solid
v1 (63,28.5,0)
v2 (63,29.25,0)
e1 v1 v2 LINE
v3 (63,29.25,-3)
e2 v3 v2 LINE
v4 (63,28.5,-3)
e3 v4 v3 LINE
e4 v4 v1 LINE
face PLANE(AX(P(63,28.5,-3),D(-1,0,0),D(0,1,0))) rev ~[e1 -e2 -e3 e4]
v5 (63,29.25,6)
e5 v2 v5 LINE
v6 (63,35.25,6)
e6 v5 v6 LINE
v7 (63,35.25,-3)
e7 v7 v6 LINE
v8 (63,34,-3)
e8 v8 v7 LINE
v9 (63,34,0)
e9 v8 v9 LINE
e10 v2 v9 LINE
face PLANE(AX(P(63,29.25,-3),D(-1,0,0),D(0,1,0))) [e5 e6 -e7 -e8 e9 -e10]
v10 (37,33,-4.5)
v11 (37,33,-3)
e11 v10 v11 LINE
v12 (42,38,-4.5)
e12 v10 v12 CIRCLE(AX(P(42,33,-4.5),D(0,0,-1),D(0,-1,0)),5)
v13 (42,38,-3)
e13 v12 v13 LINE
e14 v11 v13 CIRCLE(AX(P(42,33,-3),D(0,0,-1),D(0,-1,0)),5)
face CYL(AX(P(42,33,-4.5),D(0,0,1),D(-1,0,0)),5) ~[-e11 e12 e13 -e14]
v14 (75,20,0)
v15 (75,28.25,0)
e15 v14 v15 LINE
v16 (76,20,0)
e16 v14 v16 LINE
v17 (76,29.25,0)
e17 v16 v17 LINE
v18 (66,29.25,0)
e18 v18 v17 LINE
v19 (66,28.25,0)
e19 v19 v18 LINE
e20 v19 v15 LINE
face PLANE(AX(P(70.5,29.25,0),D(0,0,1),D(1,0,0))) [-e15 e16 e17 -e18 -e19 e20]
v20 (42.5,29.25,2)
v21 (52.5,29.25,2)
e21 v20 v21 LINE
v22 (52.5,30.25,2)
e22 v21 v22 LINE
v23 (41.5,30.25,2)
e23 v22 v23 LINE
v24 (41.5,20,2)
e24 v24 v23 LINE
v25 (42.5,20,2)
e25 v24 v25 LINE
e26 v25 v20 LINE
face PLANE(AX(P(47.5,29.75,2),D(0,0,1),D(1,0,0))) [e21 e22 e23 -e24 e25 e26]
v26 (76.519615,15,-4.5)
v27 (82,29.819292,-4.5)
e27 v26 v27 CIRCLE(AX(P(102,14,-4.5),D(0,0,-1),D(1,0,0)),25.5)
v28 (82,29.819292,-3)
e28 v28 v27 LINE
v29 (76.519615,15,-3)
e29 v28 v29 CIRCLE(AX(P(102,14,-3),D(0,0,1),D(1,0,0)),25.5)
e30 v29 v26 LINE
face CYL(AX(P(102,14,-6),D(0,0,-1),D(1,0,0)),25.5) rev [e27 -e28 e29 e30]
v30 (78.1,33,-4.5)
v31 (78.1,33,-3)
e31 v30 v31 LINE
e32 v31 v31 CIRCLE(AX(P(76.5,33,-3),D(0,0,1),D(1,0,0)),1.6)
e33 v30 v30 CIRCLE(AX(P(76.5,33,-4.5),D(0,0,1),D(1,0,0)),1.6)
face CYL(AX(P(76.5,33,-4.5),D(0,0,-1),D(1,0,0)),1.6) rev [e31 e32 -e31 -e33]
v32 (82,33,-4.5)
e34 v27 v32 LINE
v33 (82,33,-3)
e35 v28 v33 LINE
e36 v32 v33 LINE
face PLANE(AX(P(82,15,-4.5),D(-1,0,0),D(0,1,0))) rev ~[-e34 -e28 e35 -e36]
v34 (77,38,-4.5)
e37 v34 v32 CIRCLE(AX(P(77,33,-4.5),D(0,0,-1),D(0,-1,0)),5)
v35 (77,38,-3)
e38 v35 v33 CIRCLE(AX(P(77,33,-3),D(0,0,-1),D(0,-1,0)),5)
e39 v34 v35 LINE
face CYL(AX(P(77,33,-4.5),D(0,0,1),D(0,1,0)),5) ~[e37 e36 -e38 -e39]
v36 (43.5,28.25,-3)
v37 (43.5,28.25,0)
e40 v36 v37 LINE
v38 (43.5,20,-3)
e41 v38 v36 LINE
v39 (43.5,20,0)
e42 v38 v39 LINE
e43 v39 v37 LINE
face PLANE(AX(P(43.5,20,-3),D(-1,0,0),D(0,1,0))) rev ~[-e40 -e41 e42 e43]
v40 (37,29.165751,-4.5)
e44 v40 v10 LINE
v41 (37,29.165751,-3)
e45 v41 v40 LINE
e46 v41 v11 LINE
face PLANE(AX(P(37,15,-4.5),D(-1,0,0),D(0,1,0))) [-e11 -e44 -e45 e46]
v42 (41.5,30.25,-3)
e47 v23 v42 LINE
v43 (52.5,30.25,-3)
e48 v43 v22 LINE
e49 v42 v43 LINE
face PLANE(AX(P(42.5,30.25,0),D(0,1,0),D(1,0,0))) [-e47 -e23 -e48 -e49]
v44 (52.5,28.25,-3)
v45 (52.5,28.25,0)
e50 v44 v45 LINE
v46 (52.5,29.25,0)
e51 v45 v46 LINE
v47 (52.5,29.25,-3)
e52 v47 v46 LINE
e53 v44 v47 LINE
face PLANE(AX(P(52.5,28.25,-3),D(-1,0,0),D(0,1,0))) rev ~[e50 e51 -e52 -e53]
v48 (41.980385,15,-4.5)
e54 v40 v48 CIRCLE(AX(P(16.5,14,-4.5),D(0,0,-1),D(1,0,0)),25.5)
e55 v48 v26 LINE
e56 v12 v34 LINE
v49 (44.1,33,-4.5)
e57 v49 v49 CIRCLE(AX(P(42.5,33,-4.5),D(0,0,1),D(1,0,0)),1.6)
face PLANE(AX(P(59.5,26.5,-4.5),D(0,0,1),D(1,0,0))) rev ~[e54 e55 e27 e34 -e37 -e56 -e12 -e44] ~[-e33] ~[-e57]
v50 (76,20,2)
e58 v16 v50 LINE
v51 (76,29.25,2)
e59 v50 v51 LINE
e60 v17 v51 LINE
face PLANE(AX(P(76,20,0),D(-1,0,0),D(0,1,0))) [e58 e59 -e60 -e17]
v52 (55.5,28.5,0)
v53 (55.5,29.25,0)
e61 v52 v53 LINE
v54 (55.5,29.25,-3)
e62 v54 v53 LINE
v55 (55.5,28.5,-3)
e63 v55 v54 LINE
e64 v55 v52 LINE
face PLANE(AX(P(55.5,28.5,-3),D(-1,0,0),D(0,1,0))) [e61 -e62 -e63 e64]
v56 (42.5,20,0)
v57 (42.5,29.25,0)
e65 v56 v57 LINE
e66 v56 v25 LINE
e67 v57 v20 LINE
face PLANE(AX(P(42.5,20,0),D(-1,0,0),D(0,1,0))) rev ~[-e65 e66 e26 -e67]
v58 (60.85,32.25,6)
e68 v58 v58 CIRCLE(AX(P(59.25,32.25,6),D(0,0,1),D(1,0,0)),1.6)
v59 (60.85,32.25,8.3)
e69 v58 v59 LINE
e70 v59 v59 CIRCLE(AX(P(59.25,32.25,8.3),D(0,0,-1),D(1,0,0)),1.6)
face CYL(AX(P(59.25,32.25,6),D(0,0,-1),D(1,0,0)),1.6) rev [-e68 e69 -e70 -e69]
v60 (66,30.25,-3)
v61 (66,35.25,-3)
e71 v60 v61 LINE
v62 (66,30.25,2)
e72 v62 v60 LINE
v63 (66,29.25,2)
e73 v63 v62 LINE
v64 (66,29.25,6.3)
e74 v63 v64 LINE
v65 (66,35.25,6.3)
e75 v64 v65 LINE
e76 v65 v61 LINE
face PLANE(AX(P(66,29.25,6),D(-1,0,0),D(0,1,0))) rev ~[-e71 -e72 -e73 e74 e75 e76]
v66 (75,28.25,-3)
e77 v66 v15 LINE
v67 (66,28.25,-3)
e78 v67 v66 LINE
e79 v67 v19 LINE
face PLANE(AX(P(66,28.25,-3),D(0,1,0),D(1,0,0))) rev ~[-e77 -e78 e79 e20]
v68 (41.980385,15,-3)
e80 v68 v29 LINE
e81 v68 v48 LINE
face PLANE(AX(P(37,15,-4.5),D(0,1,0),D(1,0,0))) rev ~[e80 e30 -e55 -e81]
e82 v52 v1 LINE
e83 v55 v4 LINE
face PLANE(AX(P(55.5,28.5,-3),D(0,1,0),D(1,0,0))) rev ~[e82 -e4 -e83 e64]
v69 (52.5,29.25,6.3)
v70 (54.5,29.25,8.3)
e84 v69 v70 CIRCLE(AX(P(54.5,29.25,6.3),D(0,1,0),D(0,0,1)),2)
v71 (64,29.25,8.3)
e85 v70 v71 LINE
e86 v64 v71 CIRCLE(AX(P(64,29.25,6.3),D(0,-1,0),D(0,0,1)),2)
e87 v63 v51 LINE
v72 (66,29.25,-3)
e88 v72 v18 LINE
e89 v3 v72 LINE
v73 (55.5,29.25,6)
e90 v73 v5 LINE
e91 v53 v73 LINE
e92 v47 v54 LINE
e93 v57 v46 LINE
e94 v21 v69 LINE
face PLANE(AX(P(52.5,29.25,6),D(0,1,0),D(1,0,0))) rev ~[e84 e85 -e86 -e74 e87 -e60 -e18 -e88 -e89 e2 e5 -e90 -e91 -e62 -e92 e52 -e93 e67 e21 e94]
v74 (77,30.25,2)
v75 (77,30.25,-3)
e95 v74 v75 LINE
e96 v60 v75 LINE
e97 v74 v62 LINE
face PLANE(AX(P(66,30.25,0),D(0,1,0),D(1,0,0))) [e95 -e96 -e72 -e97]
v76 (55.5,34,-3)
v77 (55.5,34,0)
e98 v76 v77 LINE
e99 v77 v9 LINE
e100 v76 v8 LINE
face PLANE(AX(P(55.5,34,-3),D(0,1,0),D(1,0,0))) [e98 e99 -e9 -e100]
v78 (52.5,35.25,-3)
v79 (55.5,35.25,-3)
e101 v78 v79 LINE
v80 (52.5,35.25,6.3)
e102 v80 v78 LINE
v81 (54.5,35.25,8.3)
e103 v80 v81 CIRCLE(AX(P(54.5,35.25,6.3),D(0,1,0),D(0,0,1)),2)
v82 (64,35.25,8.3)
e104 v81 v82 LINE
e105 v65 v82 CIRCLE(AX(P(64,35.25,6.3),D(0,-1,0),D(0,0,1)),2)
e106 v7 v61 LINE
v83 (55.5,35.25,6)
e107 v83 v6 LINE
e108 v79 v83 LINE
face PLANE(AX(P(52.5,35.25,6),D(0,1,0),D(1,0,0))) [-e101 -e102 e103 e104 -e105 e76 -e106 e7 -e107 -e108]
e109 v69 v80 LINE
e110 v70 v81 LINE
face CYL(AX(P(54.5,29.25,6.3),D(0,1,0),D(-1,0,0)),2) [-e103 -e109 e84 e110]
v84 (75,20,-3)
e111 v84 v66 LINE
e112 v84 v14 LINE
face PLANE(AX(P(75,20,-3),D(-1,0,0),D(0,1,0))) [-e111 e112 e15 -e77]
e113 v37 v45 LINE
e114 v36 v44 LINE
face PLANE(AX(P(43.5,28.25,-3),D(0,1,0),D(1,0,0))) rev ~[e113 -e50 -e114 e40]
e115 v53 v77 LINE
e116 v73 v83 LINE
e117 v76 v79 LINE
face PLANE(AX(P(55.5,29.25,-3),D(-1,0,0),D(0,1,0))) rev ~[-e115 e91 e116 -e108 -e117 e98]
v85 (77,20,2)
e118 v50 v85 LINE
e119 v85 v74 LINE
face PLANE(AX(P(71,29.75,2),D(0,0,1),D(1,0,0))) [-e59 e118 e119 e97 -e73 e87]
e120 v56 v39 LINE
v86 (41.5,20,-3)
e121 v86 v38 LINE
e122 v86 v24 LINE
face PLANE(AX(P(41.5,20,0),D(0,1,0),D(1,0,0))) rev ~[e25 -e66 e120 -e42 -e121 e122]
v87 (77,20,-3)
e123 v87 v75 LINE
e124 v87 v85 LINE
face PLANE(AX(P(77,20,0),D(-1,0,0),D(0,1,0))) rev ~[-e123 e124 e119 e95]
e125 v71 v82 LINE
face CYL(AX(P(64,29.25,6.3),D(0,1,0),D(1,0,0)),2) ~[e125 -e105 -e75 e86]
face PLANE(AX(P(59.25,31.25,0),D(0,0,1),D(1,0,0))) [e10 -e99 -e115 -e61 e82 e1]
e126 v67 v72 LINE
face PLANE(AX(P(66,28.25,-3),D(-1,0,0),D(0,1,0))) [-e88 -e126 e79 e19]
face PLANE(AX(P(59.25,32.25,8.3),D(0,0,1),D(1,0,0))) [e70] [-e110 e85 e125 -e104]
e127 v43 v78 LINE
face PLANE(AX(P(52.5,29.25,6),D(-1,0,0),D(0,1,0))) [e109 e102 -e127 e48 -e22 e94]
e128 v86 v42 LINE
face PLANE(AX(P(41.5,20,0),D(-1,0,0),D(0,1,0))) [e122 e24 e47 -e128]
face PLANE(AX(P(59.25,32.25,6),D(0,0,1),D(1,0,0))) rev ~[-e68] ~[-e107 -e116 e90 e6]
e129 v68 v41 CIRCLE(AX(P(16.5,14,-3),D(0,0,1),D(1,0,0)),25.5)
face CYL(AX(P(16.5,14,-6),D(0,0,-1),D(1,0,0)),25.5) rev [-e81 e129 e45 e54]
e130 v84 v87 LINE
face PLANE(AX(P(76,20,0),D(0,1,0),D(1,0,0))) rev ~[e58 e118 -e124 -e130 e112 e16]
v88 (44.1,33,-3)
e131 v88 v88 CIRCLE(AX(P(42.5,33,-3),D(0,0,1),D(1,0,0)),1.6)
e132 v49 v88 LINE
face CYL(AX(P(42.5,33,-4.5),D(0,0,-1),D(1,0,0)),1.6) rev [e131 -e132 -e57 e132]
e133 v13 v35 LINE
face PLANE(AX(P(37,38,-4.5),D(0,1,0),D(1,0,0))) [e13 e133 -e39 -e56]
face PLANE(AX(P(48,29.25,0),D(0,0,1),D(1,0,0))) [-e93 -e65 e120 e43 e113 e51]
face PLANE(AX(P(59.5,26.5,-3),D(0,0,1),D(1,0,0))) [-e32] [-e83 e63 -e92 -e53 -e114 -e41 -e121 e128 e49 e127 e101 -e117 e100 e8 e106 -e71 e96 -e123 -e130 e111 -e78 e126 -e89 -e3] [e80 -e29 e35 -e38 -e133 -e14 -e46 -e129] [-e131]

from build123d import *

# Parameters (mm, degrees)
BOX148_W          = 3
BOX148_H          = 6
BOX148_DEPTH      = 9
BOX149_W          = 3
BOX149_H          = 6
BOX149_DEPTH      = 9
BOX151_W          = 2
BOX151_H          = 10.25
BOX151_DEPTH      = 3
BOX152_W          = 2
BOX152_H          = 10.25
BOX152_DEPTH      = 3
BOX153_W          = 1
BOX153_H          = 10.25
BOX153_DEPTH      = 2
BOX154_W          = 1
BOX154_H          = 10.25
BOX154_DEPTH      = 2
BOX155_W          = 7.5
BOX155_H          = 5.5
BOX155_DEPTH      = 3
BOX156_W          = 9
BOX156_H          = 2
BOX156_DEPTH      = 3
BOX157_W          = 9
BOX157_H          = 2
BOX157_DEPTH      = 3
BOX158_W          = 10
BOX158_H          = 1
BOX158_DEPTH      = 2
BOX159_W          = 10
BOX159_H          = 1
BOX159_DEPTH      = 2
CYLINDER066_R     = 1.6
CYLINDER066_DEPTH = 3
BOX150_W          = 13.5
BOX150_H          = 6
BOX150_DEPTH      = 2.3
FILLET035_R       = 2
CYLINDER065_R     = 1.6
CYLINDER065_DEPTH = 1.5
CYLINDER064_R     = 1.6
CYLINDER064_DEPTH = 1.5
CYLINDER063_R     = 25.5
CYLINDER063_DEPTH = 3
CYLINDER062_R     = 25.5
CYLINDER062_DEPTH = 3
BOX147_W          = 45
BOX147_H          = 23
BOX147_DEPTH      = 1.5
FILLET034_R       = 5


with BuildPart() as cube137:
    # Box148 → Box148 (new body)
    with BuildSketch(Plane(origin=(52.5, 29.25, -3), x_dir=(1, 0, 0), z_dir=(0, 0, 1))):
        with Locations((1.5, 3)):
            Rectangle(BOX148_W, BOX148_H)
    extrude(amount=BOX148_DEPTH)


with BuildPart() as cube138:
    # Box149 → Box149 (new body)
    with BuildSketch(Plane(origin=(63, 29.25, -3), x_dir=(1, 0, 0), z_dir=(0, 0, 1))):
        with Locations((1.5, 3)):
            Rectangle(BOX149_W, BOX149_H)
    extrude(amount=BOX149_DEPTH)


with BuildPart() as cube140:
    # Box151 → Box151 (new body)
    with BuildSketch(Plane(origin=(41.5, 20, -3), x_dir=(1, 0, 0), z_dir=(0, 0, 1))):
        with Locations((1, 5.125)):
            Rectangle(BOX151_W, BOX151_H)
    extrude(amount=BOX151_DEPTH)


with BuildPart() as cube141:
    # Box152 → Box152 (new body)
    with BuildSketch(Plane(origin=(75, 20, -3), x_dir=(1, 0, 0), z_dir=(0, 0, 1))):
        with Locations((1, 5.125)):
            Rectangle(BOX152_W, BOX152_H)
    extrude(amount=BOX152_DEPTH)


with BuildPart() as cube142:
    # Box153 → Box153 (new body)
    with BuildSketch(Plane(origin=(41.5, 20, 0), x_dir=(1, 0, 0), z_dir=(0, 0, 1))):
        with Locations((0.5, 5.125)):
            Rectangle(BOX153_W, BOX153_H)
    extrude(amount=BOX153_DEPTH)


with BuildPart() as cube143:
    # Box154 → Box154 (new body)
    with BuildSketch(Plane(origin=(76, 20, 0), x_dir=(1, 0, 0), z_dir=(0, 0, 1))):
        with Locations((0.5, 5.125)):
            Rectangle(BOX154_W, BOX154_H)
    extrude(amount=BOX154_DEPTH)


with BuildPart() as cube144:
    # Box155 → Box155 (new body)
    with BuildSketch(Plane(origin=(55.5, 28.5, -3), x_dir=(1, 0, 0), z_dir=(0, 0, 1))):
        with Locations((3.75, 2.75)):
            Rectangle(BOX155_W, BOX155_H)
    extrude(amount=BOX155_DEPTH)


with BuildPart() as cube145:
    # Box156 → Box156 (new body)
    with BuildSketch(Plane(origin=(43.5, 28.25, -3), x_dir=(1, 0, 0), z_dir=(0, 0, 1))):
        with Locations((4.5, 1)):
            Rectangle(BOX156_W, BOX156_H)
    extrude(amount=BOX156_DEPTH)


with BuildPart() as cube146:
    # Box157 → Box157 (new body)
    with BuildSketch(Plane(origin=(66, 28.25, -3), x_dir=(1, 0, 0), z_dir=(0, 0, 1))):
        with Locations((4.5, 1)):
            Rectangle(BOX157_W, BOX157_H)
    extrude(amount=BOX157_DEPTH)


with BuildPart() as cube147:
    # Box158 → Box158 (new body)
    with BuildSketch(Plane(origin=(66, 29.25, 0), x_dir=(1, 0, 0), z_dir=(0, 0, 1))):
        with Locations((5, 0.5)):
            Rectangle(BOX158_W, BOX158_H)
    extrude(amount=BOX158_DEPTH)


with BuildPart() as cube148:
    # Box159 → Box159 (new body)
    with BuildSketch(Plane(origin=(42.5, 29.25, 0), x_dir=(1, 0, 0), z_dir=(0, 0, 1))):
        with Locations((5, 0.5)):
            Rectangle(BOX159_W, BOX159_H)
    extrude(amount=BOX159_DEPTH)


with BuildPart() as cylinder147:
    # Cylinder066 → Cylinder066 (new body)
    with BuildSketch(Plane(origin=(59.25, 32.25, 6), x_dir=(1, 0, 0), z_dir=(0, 0, 1))):
        Circle(CYLINDER066_R)
    extrude(amount=CYLINDER066_DEPTH)


with BuildPart() as cut090:
    # Box150 → Box150 (new body)
    with BuildSketch(Plane(origin=(52.5, 29.25, 6), x_dir=(1, 0, 0), z_dir=(0, 0, 1))):
        with Locations((6.75, 3)):
            Rectangle(BOX150_W, BOX150_H)
    extrude(amount=BOX150_DEPTH)

    # Fillet035
    fillet035_edges = [cut090.edges().sort_by_distance(p)[0] for p in [
        (52.5, 32.25, 8.3),
        (66, 32.25, 8.3),
    ]]
    fillet(fillet035_edges, radius=FILLET035_R)

    # Cut090: cut Cylinder147
    add(cylinder147.part, mode=Mode.SUBTRACT)


with BuildPart() as cylinder146:
    # Cylinder065 → Cylinder065 (new body)
    with BuildSketch(Plane(origin=(76.5, 33, -4.5), x_dir=(1, 0, 0), z_dir=(0, 0, 1))):
        Circle(CYLINDER065_R)
    extrude(amount=CYLINDER065_DEPTH)


with BuildPart() as cylinder145:
    # Cylinder064 → Cylinder064 (new body)
    with BuildSketch(Plane(origin=(42.5, 33, -4.5), x_dir=(1, 0, 0), z_dir=(0, 0, 1))):
        Circle(CYLINDER064_R)
    extrude(amount=CYLINDER064_DEPTH)


with BuildPart() as cylinder144:
    # Cylinder063 → Cylinder063 (new body)
    with BuildSketch(Plane(origin=(102, 14, -6), x_dir=(1, 0, 0), z_dir=(0, 0, 1))):
        Circle(CYLINDER063_R)
    extrude(amount=CYLINDER063_DEPTH)


with BuildPart() as cylinder143:
    # Cylinder062 → Cylinder062 (new body)
    with BuildSketch(Plane(origin=(16.5, 14, -6), x_dir=(1, 0, 0), z_dir=(0, 0, 1))):
        Circle(CYLINDER062_R)
    extrude(amount=CYLINDER062_DEPTH)


with BuildPart() as fusion049:
    # Box147 → Box147 (new body)
    with BuildSketch(Plane(origin=(37, 15, -4.5), x_dir=(1, 0, 0), z_dir=(0, 0, 1))):
        with Locations((22.5, 11.5)):
            Rectangle(BOX147_W, BOX147_H)
    extrude(amount=BOX147_DEPTH)

    # Cut086: cut Cylinder143
    add(cylinder143.part, mode=Mode.SUBTRACT)

    # Cut087: cut Cylinder144
    add(cylinder144.part, mode=Mode.SUBTRACT)

    # Fillet034
    fillet034_edges = [fusion049.edges().sort_by_distance(p)[0] for p in [
        (82, 38, -3.75),
        (37, 38, -3.75),
    ]]
    fillet(fillet034_edges, radius=FILLET034_R)

    # Cut088: cut Cylinder145
    add(cylinder145.part, mode=Mode.SUBTRACT)

    # Cut089: cut Cylinder146
    add(cylinder146.part, mode=Mode.SUBTRACT)

    # Fusion049: union Cube137, Cube138, Cube140, Cube141, Cube142, Cube143, Cube144, Cube145, Cube146, Cube147, Cube148, Cut090
    add(cube137.part)
    add(cube138.part)
    add(cube140.part)
    add(cube141.part)
    add(cube142.part)
    add(cube143.part)
    add(cube144.part)
    add(cube145.part)
    add(cube146.part)
    add(cube147.part)
    add(cube148.part)
    add(cut090.part)


solid = fusion049.part
